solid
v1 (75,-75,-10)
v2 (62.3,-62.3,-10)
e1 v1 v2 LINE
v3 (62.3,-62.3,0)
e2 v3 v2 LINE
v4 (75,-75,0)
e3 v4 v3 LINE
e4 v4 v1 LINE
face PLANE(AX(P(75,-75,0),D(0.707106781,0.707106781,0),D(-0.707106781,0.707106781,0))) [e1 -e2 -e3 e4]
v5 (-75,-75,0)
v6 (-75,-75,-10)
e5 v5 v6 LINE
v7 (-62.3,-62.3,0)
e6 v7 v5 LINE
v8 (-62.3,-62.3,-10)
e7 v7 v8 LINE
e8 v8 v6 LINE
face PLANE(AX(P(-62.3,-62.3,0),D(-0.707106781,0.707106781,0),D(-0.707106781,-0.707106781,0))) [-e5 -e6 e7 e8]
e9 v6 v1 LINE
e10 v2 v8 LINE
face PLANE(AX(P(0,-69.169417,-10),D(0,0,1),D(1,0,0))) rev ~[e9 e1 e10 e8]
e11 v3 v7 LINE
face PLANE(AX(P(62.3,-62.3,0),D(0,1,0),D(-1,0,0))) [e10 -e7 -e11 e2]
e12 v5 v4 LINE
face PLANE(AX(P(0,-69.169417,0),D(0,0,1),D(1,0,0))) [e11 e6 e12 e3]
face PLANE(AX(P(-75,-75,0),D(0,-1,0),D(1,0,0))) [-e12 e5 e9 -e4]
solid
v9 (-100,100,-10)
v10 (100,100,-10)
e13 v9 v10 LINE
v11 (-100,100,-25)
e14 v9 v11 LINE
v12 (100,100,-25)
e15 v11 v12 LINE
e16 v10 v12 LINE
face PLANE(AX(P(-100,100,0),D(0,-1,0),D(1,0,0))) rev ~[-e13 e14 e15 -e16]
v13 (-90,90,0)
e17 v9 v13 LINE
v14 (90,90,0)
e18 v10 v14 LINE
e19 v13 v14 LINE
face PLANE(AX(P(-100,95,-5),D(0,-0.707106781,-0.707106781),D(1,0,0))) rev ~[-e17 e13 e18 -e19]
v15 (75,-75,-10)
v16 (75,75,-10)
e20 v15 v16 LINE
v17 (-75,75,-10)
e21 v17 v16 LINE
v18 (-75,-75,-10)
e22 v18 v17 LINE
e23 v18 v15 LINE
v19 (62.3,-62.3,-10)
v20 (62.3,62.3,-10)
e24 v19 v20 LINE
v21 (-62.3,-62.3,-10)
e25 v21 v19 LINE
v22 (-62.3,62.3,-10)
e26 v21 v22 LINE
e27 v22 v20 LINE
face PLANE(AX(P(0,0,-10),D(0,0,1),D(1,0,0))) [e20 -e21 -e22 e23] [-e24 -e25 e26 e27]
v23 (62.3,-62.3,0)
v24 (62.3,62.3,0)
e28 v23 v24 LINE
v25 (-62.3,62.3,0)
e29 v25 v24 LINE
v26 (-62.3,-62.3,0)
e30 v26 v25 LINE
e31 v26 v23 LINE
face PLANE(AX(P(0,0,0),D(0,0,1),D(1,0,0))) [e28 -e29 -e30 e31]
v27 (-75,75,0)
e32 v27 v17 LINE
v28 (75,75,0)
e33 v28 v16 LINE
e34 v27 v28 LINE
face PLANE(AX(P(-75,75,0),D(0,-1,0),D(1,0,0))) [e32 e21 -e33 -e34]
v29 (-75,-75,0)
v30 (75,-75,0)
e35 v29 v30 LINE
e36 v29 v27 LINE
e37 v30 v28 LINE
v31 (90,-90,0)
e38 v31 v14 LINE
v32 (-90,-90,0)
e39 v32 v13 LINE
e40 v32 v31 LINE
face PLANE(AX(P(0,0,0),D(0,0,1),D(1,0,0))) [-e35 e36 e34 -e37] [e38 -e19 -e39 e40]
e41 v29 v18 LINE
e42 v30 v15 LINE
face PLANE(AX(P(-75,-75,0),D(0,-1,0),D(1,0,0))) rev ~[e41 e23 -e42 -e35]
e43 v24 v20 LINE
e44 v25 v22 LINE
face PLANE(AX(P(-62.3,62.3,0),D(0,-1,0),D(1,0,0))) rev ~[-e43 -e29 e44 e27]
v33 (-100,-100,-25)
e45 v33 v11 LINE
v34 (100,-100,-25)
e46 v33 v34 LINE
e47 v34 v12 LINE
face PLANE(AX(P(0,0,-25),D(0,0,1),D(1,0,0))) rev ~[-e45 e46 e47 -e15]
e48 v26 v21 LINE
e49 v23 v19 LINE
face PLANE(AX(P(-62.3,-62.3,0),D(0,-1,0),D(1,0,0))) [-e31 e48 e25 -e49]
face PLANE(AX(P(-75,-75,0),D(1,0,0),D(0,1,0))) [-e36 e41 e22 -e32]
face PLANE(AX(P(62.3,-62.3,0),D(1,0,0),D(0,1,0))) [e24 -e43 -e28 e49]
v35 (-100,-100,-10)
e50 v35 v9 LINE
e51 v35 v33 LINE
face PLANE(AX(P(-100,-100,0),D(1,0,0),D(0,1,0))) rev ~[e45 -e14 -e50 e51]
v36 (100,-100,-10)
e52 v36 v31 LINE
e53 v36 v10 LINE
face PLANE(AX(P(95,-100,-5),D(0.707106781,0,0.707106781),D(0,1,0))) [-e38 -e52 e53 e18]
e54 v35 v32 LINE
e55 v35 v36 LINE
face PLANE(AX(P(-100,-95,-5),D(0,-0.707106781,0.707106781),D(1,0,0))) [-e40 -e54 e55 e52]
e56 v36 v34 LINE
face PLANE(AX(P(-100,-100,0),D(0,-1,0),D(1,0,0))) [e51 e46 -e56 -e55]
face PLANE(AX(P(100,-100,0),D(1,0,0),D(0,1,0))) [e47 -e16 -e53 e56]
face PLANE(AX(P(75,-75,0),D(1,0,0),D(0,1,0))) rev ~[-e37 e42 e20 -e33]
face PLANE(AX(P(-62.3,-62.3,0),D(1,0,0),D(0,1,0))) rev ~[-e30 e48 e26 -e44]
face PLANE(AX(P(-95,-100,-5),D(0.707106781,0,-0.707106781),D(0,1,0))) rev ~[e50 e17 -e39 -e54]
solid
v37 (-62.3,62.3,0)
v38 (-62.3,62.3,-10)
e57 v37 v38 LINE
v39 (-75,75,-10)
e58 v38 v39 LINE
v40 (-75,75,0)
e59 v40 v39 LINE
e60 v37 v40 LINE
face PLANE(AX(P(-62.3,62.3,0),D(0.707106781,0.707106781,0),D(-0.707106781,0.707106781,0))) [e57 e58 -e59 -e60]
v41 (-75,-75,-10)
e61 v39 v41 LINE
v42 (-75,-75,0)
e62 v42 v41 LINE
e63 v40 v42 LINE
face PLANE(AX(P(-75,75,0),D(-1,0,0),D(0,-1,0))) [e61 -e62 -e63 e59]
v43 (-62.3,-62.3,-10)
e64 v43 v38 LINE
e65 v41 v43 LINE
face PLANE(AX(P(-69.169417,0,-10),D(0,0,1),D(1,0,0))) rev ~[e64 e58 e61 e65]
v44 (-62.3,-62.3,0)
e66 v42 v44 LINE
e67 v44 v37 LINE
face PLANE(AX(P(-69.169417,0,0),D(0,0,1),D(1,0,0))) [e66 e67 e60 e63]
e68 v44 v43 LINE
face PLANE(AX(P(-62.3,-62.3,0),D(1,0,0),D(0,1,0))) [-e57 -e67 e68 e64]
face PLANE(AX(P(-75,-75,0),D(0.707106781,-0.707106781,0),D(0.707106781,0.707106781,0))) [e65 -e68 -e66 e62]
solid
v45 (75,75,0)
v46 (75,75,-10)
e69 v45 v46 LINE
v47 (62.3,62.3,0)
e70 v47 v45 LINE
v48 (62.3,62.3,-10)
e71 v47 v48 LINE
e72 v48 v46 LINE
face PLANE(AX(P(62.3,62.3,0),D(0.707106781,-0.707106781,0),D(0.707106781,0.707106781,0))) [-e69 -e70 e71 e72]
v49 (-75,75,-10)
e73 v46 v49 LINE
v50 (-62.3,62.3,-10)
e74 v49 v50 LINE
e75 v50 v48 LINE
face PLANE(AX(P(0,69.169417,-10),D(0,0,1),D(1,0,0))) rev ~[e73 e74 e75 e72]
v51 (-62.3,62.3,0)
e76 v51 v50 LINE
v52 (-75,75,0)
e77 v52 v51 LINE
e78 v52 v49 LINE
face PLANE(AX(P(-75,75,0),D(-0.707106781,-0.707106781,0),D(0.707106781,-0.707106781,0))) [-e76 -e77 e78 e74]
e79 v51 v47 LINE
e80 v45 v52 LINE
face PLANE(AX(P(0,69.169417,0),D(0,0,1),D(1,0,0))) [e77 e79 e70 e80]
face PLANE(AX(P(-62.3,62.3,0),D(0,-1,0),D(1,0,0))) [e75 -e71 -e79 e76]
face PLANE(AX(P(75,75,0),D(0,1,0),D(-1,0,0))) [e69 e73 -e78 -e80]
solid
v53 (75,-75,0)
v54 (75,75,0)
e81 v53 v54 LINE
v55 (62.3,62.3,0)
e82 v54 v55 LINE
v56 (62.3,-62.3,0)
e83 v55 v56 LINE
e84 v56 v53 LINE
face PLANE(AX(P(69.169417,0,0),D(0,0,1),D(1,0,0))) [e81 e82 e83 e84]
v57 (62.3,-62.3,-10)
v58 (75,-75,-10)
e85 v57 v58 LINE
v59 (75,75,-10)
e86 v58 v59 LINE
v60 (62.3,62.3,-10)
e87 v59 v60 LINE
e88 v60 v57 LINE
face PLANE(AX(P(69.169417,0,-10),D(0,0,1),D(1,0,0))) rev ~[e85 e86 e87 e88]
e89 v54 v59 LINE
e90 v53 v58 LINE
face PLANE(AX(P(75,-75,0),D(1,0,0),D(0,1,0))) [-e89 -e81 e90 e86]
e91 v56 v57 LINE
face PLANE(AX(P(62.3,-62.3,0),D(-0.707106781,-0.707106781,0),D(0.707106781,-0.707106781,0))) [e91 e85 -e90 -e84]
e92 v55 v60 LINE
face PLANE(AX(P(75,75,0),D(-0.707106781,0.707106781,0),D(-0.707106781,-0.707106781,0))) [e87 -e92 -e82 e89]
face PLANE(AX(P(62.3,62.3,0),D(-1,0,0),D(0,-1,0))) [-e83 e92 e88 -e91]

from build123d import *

# Parameters (mm, degrees)
F0_W     = 200
F0_H     = 200
F1_DEPTH = 25
F2_SIZE  = 10
F3_W     = 150
F3_H     = 150
F3_W_2   = 124.6
F3_H_2   = 124.6
F4_DEPTH = 10
F6_DEPTH = 10
F7_DEPTH = 10
F8_DEPTH = 10
F9_DEPTH = 10


with BuildPart() as f1:
    # F0 (on Top) → F1 (new body)
    with BuildSketch(Plane.XY):
        Rectangle(F0_W, F0_H)
    extrude(amount=-F1_DEPTH)

    # F2
    f2_edges = [f1.edges().sort_by_distance(p)[0] for p in [
        (-100, 0, 0),
        (0, 100, 0),
        (0, -100, 0),
        (100, 0, 0),
    ]]
    chamfer(f2_edges, length=F2_SIZE)

    # F3 (on face) → F4 (cut)
    with BuildSketch(Plane.XY):
        Rectangle(F3_W, F3_H)
        Rectangle(F3_W_2, F3_H_2, mode=Mode.SUBTRACT)
    extrude(amount=-F4_DEPTH, mode=Mode.SUBTRACT)


with BuildPart() as f6:
    # F5 (on face) → F6 (new body, through all)
    with BuildSketch(Plane.XY):
        Polygon((-75, -75), (-62.3, -62.3), (-62.3, 62.3), (-75, 75), align=None)
    extrude(amount=-F6_DEPTH)


with BuildPart() as f7:
    # F5 (on face) → F7 (new body, through all)
    with BuildSketch(Plane.XY):
        Polygon((62.3, -62.3), (-62.3, -62.3), (-75, -75), (75, -75), align=None)
    extrude(amount=-F7_DEPTH)


with BuildPart() as f8:
    # F5 (on face) → F8 (new body, through all)
    with BuildSketch(Plane.XY):
        Polygon((62.3, 62.3), (62.3, -62.3), (75, -75), (75, 75), align=None)
    extrude(amount=-F8_DEPTH)


with BuildPart() as f9:
    # F5 (on face) → F9 (new body, through all)
    with BuildSketch(Plane.XY):
        Polygon((-75, 75), (-62.3, 62.3), (62.3, 62.3), (75, 75), align=None)
    extrude(amount=-F9_DEPTH)


solid = Compound([f1.part, f6.part, f7.part, f8.part, f9.part])
